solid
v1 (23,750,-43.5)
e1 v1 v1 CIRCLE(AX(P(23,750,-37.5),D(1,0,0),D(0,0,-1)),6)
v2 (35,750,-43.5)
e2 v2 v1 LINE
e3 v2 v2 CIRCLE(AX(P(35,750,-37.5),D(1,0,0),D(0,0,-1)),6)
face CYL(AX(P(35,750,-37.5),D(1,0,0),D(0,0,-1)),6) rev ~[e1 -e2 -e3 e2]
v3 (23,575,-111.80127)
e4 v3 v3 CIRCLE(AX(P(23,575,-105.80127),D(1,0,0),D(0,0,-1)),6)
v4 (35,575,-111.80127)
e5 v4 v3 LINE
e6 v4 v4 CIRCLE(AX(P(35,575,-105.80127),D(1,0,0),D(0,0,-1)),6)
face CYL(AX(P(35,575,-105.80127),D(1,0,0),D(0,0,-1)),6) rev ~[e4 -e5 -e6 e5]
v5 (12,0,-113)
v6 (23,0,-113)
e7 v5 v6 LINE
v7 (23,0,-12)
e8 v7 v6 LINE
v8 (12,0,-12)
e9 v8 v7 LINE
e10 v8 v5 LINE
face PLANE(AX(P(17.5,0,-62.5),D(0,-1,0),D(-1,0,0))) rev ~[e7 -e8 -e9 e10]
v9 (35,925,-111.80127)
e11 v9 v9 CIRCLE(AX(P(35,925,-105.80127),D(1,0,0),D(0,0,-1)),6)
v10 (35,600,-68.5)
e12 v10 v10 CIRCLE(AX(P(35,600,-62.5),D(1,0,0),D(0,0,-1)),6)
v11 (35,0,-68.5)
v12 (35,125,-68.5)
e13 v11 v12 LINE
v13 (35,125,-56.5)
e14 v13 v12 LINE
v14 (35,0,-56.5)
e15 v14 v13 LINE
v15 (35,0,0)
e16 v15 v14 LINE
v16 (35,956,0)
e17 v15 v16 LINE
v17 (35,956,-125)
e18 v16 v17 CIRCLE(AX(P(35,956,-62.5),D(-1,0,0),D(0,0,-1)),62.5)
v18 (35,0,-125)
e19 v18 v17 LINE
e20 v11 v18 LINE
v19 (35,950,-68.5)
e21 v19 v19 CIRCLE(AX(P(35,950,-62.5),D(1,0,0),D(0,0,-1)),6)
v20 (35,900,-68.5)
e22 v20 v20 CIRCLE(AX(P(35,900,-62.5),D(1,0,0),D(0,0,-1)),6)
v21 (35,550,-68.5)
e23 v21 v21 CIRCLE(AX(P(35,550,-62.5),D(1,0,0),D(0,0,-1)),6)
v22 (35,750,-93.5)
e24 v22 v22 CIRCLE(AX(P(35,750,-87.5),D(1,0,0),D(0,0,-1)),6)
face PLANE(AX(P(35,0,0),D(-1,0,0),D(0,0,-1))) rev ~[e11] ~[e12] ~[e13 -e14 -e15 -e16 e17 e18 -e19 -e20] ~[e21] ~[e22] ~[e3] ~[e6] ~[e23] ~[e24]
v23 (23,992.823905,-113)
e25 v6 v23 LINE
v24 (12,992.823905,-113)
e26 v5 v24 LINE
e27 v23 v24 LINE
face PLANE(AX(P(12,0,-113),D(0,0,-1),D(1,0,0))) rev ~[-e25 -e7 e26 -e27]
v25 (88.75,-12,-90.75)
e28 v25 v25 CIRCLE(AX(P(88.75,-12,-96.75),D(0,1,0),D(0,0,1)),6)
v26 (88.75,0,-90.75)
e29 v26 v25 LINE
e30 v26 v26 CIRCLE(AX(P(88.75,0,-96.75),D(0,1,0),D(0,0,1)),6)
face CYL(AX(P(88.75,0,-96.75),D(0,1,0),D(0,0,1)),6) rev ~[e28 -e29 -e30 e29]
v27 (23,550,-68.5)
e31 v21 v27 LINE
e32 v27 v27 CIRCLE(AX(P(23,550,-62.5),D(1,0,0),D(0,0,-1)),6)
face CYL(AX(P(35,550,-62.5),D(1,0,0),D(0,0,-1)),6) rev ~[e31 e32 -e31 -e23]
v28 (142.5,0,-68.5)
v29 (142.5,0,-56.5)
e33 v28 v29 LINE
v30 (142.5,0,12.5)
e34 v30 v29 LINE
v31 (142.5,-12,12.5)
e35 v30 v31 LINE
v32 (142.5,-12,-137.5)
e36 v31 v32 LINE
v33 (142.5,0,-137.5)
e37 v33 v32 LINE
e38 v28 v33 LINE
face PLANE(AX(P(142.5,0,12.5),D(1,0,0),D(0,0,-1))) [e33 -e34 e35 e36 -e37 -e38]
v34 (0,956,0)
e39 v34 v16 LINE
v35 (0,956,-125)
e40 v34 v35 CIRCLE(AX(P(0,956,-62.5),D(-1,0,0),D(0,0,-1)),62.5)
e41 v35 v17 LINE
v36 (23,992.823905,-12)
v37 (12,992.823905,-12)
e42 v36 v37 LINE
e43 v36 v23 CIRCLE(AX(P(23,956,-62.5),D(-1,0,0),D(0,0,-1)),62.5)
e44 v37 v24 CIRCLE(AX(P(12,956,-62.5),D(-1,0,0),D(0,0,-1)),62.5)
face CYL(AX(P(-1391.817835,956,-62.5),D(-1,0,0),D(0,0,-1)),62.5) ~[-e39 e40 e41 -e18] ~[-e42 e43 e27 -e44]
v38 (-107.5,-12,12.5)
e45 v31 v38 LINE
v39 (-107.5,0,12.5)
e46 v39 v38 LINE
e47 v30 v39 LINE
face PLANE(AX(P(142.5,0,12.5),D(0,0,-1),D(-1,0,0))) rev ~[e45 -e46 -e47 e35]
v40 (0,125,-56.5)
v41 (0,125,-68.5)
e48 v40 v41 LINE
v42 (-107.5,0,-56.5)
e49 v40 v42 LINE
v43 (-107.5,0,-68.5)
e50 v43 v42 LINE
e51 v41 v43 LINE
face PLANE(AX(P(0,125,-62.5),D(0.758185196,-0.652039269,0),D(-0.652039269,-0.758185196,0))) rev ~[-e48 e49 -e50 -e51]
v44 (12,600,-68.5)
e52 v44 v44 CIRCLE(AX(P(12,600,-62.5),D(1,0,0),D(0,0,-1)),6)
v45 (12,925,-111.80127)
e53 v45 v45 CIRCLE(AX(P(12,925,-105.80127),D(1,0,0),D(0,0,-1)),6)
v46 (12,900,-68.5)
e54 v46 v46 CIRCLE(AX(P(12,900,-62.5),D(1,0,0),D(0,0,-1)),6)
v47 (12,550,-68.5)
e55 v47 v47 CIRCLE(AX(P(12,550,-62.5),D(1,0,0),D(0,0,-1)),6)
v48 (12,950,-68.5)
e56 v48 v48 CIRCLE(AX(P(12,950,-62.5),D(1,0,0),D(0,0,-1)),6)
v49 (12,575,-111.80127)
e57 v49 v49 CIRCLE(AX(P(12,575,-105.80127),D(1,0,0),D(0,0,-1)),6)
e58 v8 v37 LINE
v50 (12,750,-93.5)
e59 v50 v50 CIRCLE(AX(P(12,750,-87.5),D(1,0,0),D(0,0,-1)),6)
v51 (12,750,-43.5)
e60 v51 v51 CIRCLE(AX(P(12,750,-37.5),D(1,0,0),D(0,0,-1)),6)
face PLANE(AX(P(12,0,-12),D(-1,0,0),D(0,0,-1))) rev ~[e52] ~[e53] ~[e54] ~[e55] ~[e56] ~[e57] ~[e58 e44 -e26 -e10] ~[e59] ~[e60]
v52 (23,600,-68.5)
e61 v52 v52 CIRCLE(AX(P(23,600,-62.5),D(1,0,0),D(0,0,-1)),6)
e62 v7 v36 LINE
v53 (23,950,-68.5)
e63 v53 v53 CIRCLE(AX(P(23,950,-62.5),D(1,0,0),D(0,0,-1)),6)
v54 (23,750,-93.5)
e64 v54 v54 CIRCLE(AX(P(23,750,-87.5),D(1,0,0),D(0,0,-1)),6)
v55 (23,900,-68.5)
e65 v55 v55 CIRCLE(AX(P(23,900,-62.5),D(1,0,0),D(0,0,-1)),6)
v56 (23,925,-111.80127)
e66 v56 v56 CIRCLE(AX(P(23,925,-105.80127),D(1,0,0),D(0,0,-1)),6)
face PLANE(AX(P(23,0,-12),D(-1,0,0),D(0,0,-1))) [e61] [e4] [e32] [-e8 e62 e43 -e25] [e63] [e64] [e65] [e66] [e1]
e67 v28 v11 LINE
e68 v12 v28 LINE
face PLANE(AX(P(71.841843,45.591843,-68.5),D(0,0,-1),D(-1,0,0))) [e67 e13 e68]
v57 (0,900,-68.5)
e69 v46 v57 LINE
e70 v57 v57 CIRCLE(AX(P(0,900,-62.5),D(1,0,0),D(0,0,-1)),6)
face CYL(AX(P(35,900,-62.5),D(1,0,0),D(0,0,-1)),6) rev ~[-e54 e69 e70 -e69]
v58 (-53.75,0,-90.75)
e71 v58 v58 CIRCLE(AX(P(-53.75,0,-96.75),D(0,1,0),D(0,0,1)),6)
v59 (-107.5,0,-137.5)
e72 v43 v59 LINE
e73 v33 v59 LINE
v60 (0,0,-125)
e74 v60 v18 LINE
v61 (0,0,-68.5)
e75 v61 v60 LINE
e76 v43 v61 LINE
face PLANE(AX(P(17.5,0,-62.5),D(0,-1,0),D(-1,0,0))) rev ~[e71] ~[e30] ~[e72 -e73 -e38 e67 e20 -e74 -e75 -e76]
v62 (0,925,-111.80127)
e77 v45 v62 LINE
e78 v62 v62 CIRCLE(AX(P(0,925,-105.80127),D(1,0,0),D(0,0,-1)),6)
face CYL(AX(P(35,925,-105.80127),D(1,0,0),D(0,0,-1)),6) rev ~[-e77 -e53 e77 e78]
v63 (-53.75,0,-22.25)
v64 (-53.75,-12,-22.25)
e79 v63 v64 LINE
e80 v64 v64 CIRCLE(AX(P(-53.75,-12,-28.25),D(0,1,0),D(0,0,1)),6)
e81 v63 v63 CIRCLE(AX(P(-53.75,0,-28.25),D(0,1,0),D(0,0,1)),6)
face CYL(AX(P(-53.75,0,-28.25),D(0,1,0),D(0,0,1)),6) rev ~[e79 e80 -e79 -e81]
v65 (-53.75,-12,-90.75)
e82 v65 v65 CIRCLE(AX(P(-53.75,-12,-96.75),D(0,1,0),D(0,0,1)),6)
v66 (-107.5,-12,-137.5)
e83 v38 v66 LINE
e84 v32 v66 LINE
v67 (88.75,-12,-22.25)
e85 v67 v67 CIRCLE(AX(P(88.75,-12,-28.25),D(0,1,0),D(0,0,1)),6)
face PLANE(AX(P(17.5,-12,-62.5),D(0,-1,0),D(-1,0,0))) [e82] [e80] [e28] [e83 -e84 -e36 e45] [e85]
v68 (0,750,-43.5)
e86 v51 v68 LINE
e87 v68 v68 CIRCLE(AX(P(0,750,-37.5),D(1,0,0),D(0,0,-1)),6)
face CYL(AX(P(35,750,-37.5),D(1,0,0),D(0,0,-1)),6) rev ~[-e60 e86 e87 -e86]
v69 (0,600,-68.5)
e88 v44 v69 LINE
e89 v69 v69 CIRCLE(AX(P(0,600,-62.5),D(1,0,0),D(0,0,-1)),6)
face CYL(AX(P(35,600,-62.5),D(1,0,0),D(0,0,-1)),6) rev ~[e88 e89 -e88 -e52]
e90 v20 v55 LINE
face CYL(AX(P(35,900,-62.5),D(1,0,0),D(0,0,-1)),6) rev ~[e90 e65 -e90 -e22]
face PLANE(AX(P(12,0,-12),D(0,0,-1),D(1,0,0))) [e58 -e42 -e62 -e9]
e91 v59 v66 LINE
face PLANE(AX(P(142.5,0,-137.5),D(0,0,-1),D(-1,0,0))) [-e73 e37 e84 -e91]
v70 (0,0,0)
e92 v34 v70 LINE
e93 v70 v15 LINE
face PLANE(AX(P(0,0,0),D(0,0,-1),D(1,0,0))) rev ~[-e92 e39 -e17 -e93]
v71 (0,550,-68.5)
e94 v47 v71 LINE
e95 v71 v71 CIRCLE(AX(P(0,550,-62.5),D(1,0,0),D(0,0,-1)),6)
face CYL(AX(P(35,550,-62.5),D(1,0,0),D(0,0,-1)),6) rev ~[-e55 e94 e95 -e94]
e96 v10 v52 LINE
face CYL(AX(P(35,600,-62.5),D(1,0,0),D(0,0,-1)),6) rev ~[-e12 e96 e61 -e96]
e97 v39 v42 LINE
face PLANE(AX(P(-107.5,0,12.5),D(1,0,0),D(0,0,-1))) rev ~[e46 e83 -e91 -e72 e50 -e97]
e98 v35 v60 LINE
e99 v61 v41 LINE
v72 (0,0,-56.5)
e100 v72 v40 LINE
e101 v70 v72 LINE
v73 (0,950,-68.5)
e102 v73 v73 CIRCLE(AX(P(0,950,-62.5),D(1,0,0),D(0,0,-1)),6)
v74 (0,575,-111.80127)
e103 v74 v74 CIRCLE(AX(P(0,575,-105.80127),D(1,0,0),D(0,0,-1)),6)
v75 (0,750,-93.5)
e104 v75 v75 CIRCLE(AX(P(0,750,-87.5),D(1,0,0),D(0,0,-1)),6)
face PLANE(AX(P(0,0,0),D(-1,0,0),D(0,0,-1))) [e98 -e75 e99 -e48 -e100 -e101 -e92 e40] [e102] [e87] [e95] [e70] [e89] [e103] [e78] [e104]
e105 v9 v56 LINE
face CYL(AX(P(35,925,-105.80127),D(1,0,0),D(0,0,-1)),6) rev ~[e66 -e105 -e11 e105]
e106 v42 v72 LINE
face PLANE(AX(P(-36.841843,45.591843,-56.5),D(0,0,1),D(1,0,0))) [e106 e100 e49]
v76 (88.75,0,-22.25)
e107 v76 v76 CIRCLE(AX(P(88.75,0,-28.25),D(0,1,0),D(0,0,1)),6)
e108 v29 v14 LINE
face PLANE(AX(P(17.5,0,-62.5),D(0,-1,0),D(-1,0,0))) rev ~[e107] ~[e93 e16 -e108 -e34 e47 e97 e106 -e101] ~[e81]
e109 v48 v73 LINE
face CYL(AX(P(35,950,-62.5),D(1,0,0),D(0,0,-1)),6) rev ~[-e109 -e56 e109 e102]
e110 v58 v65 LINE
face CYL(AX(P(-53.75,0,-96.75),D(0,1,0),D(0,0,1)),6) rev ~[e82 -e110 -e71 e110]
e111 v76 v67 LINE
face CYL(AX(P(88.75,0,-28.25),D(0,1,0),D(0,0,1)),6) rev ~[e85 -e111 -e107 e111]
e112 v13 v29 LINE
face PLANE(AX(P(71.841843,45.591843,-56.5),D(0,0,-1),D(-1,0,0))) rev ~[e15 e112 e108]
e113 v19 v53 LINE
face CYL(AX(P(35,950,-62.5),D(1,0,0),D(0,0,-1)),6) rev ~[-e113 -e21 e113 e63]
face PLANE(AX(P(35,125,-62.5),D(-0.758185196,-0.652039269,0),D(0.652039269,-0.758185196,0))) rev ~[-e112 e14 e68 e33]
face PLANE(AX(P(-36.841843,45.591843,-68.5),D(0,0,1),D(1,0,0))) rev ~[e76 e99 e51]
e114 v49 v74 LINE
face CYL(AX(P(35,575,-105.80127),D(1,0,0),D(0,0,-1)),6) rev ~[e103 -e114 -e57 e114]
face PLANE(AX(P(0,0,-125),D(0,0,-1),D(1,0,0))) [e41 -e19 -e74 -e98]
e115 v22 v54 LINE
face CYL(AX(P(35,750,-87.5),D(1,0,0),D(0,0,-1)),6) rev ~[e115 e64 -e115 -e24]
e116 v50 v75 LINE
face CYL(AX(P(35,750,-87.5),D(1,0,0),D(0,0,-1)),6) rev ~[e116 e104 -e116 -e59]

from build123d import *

# Parameters (mm, degrees)
SKETCH2_W               = 35
SKETCH2_H               = 125
SKETCH2_W_2             = 11
SKETCH2_H_2             = 101
BOSS_EXTRUDE1_DEPTH     = 1400
SKETCH3_R               = 6
CUT_EXTRUDE1_DEPTH      = 1407.004978654
SKETCH4_W               = 250
SKETCH4_H               = 150
BOSS_EXTRUDE2_DEPTH     = 12
SKETCH5_W               = 250
SKETCH5_H               = 150
BOSS_EXTRUDE3_DEPTH     = 12
BOSS_EXTRUDE4_START     = -62.5
BOSS_EXTRUDE4_DEPTH     = 6
SKETCH8_R               = 6
CUT_EXTRUDE2_DEPTH      = 12
CUT_EXTRUDE3_DEPTH      = 1426.81783549
CUT_EXTRUDE3_DEPTH_BACK = 1426.81783549


with BuildPart() as part:
    # Sketch2 → Boss-Extrude1 (new body)
    with BuildSketch(Plane(origin=(0, 0, 0), x_dir=(1, 0, 0), z_dir=(0, 1, 0))):
        with Locations((17.5, 62.5)):
            Rectangle(SKETCH2_W, SKETCH2_H)
        with Locations((17.5, 62.5)):
            Rectangle(SKETCH2_W_2, SKETCH2_H_2, mode=Mode.SUBTRACT)
    extrude(amount=BOSS_EXTRUDE1_DEPTH)

    # Sketch3 → Cut-Extrude1 (cut, through all)
    with BuildSketch(Plane(origin=(35, 0, 0), x_dir=(0, 0, -1), z_dir=(1, 0, 0))):
        with Locations((62.5, 950)):
            Circle(SKETCH3_R)
        with Locations((62.5, 900)):
            Circle(SKETCH3_R)
        with Locations((105.801270189, 925)):
            Circle(SKETCH3_R)
        with Locations((37.5, 750)):
            Circle(SKETCH3_R)
        with Locations((87.5, 750)):
            Circle(SKETCH3_R)
        with Locations((105.801270189, 575)):
            Circle(SKETCH3_R)
        with Locations((62.5, 600)):
            Circle(SKETCH3_R)
        with Locations((62.5, 550)):
            Circle(SKETCH3_R)
    extrude(amount=-CUT_EXTRUDE1_DEPTH, mode=Mode.SUBTRACT)

    # Sketch4 → Boss-Extrude2 (add)
    with BuildSketch(Plane(origin=(0, 0, 0), x_dir=(-1, 0, 0), z_dir=(0, -1, 0))):
        with Locations((-17.5, 62.5)):
            Rectangle(SKETCH4_W, SKETCH4_H)
    extrude(amount=BOSS_EXTRUDE2_DEPTH)

    # Sketch5 → Boss-Extrude3 (add)
    with BuildSketch(Plane(origin=(0, 1400, 0), x_dir=(1, 0, 0), z_dir=(0, 1, 0))):
        with Locations((17.5, 62.5)):
            Rectangle(SKETCH5_W, SKETCH5_H)
    extrude(amount=BOSS_EXTRUDE3_DEPTH)

    # Sketch7 → Boss-Extrude4 (add, symmetric)
    with BuildSketch(Plane(origin=(0, 0, -125), x_dir=(-1, 0, 0), z_dir=(0, 0, -1)).offset(BOSS_EXTRUDE4_START)):
        Polygon((-35, 0), (-35, 125), (-142.5, 0), align=None)
        Polygon((0, 125), (107.5, 0), (0, 0), align=None)
    extrude(amount=BOSS_EXTRUDE4_DEPTH, both=True)

    # Sketch8 → Cut-Extrude2 (cut)
    with BuildSketch(Plane(origin=(0, 0, 0), x_dir=(1, 0, 0), z_dir=(0, 1, 0))):
        with Locations(Location((-53.75, 28.25, 0), (0, 0, 270))):
            Circle(SKETCH8_R)
        with Locations(Location((-53.75, 96.75, 0), (0, 0, 270))):
            Circle(SKETCH8_R)
        with Locations(Location((88.75, 28.25, 0), (0, 0, 270))):
            Circle(SKETCH8_R)
        with Locations(Location((88.75, 96.75, 0), (0, 0, 270))):
            Circle(SKETCH8_R)
    extrude(amount=-CUT_EXTRUDE2_DEPTH, mode=Mode.SUBTRACT)

    # Sketch9 → Cut-Extrude3 (cut, two sides: drawn at the far end of the back side and taken through both)
    with BuildSketch(Plane(origin=(35, 0, 0), x_dir=(0, 0, -1), z_dir=(1, 0, 0)).offset(-CUT_EXTRUDE3_DEPTH_BACK)):
        with BuildLine():
            Line((-163.728557717, 1439.709556919), (272.302726902, 1439.709556919))
            Line((272.302726902, 1439.709556919), (272.302726902, 682.852602279))
            Line((272.302726902, 682.852602279), (125, 682.852602279))
            Line((125, 682.852602279), (125, 956))
            ThreePointArc((125, 956), (62.5, 1018.5), (0, 956))
            Line((0, 956), (0, 682.852602279))
            Line((0, 682.852602279), (-163.728557717, 682.852602279))
            Line((-163.728557717, 682.852602279), (-163.728557717, 1439.709556919))
        make_face()
    extrude(amount=CUT_EXTRUDE3_DEPTH + CUT_EXTRUDE3_DEPTH_BACK, mode=Mode.SUBTRACT)


solid = part.part
